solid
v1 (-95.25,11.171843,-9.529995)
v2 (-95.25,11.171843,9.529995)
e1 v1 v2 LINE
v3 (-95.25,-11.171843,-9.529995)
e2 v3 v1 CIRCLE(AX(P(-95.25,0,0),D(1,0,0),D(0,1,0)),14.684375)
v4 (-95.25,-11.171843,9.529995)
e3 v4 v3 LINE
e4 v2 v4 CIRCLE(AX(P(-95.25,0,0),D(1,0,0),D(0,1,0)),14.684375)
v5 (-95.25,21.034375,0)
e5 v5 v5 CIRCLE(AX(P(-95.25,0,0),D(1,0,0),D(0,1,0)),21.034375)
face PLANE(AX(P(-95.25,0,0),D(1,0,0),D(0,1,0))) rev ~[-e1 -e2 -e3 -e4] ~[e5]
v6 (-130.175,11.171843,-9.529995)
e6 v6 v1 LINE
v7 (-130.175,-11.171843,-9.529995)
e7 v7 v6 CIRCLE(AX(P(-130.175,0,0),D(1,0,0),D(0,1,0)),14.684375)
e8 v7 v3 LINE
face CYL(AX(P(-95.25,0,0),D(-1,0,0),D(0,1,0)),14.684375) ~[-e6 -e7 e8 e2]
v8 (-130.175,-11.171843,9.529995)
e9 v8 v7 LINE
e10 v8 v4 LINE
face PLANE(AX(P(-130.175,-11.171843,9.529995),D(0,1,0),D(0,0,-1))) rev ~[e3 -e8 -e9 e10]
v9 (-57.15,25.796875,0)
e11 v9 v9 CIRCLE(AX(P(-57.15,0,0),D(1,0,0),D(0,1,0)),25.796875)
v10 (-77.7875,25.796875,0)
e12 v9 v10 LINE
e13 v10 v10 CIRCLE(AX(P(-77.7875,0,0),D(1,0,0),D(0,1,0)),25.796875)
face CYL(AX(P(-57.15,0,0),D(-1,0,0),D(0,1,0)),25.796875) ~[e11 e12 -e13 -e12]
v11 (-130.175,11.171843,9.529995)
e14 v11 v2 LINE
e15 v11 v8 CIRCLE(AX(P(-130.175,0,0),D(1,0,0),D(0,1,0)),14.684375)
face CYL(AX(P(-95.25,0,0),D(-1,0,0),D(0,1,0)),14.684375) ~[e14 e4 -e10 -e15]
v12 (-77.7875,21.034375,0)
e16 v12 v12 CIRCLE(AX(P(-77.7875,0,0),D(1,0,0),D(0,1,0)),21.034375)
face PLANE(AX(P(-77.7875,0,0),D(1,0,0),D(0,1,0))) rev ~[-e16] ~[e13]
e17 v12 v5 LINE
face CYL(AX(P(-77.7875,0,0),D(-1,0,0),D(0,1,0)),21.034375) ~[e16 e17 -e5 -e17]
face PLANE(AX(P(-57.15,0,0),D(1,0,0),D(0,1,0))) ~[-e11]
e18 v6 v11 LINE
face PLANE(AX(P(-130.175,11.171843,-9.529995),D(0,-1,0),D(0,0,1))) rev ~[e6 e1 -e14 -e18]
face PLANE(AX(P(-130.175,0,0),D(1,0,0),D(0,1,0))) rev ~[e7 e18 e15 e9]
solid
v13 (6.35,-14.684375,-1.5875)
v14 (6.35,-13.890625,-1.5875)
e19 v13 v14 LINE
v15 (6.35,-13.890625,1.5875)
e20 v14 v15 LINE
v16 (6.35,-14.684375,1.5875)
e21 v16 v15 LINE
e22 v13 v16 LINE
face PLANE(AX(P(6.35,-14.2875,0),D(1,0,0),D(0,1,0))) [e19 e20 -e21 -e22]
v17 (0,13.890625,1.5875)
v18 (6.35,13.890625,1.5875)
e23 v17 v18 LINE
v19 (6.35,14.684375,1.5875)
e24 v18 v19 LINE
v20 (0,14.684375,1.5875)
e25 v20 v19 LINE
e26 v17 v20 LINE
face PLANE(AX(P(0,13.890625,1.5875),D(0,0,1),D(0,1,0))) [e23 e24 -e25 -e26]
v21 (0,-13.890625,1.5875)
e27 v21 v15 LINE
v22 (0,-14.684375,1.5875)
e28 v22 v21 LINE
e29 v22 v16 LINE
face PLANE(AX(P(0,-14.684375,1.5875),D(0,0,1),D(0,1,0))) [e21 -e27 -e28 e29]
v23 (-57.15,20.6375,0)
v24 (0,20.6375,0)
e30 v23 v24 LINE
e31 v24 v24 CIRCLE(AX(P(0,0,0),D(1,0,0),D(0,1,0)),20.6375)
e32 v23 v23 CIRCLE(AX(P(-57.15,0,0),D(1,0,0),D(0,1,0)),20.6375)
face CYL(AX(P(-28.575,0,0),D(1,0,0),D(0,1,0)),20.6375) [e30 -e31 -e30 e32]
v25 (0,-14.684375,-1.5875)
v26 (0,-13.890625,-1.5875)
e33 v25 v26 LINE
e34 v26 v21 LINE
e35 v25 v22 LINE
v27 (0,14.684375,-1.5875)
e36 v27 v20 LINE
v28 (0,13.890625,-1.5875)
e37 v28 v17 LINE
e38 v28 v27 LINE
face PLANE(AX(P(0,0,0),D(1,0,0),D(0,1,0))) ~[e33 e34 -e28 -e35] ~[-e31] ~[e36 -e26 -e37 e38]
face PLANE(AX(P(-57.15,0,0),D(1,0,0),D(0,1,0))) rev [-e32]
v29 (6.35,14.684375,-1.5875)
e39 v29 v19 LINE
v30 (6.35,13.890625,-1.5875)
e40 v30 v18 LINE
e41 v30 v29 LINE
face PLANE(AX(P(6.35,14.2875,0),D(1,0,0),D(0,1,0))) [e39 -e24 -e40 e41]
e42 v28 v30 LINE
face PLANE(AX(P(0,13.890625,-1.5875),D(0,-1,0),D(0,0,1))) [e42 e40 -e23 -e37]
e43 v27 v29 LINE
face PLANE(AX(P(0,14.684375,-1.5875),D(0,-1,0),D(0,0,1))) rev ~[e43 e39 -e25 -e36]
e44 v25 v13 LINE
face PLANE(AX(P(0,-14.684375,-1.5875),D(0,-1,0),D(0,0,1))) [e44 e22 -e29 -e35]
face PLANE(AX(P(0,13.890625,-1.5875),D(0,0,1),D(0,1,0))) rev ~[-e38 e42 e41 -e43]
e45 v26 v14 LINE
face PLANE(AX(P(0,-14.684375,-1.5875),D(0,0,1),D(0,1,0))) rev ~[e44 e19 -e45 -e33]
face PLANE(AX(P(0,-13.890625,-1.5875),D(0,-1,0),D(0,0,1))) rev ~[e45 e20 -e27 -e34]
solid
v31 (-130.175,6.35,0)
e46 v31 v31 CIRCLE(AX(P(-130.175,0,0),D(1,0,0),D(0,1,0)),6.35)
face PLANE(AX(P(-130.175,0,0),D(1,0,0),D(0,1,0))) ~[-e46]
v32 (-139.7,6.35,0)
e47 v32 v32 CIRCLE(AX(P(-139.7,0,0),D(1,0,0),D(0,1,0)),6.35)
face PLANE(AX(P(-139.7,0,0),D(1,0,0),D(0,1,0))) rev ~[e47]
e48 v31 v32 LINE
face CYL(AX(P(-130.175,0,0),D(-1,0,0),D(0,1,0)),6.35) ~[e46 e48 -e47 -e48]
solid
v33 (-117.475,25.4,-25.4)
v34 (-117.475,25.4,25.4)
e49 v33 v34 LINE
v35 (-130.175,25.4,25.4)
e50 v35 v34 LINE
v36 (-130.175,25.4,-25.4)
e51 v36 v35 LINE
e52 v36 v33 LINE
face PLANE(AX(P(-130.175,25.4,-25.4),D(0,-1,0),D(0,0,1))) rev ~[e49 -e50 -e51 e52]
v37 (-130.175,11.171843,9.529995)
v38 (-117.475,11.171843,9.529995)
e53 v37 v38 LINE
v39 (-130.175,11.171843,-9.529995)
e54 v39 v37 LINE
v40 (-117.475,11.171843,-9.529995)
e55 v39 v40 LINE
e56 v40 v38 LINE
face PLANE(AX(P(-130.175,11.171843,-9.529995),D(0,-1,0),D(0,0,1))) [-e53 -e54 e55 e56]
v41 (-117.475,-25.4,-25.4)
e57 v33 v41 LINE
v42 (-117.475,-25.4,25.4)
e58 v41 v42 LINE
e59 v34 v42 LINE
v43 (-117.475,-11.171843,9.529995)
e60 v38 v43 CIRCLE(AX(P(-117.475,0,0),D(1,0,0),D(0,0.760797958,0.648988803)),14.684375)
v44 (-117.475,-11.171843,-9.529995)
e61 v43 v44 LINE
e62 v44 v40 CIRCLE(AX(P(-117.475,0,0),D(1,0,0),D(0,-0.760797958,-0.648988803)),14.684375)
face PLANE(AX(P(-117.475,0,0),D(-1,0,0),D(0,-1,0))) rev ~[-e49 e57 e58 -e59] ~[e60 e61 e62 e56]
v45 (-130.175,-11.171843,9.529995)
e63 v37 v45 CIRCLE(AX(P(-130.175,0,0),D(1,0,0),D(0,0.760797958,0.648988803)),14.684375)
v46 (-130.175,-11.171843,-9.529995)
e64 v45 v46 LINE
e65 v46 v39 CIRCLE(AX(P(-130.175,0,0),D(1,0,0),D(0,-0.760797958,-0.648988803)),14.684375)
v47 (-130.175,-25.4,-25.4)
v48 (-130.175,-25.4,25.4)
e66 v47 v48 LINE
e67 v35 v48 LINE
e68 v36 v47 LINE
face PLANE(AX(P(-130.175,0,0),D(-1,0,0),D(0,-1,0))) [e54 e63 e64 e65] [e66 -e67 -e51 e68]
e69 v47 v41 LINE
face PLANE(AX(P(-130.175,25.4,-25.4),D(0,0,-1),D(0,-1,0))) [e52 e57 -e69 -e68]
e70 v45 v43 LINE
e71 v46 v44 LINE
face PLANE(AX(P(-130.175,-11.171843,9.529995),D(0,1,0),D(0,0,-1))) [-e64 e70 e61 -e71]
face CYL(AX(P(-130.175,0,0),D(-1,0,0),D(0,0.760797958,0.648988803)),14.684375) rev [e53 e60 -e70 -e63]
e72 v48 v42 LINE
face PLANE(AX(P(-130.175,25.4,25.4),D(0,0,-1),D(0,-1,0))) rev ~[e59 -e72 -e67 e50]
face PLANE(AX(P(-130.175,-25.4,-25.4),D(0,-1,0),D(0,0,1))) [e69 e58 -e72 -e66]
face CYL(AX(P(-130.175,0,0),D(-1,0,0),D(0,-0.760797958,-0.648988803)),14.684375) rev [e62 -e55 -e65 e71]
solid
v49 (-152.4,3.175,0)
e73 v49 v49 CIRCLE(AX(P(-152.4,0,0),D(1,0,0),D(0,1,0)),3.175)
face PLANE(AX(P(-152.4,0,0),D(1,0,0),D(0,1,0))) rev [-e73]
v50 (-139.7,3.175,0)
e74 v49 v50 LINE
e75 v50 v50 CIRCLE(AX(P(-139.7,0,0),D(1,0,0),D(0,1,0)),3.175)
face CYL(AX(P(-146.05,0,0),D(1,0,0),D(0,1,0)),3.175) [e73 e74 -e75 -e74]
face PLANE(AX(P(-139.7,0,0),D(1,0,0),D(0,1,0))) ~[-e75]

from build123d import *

# Parameters (mm, degrees)
F0_W      = 57.15
F0_H      = 20.6375
F0_W_2    = 12.7
F0_H_2    = 3.175
F6_DEPTH  = 34.925
F7_W      = 0.79375
F7_H      = 3.175
F8_DEPTH  = 6.35
F9_W      = 50.8
F9_H      = 50.8
F10_DEPTH = 12.7


with BuildPart() as f1:
    # F0 (on Top) → F1 (revolve)
    with BuildSketch(Plane.XY):
        Polygon((-130.175, 0), (-57.15, 0), (-57.15, 20.6375), (-57.15, 25.796875), (-77.7875, 25.796875), (-77.7875, 21.034375), (-95.25, 21.034375), (-95.25, 14.684375), (-130.175, 14.684375), (-130.175, 6.35), align=None)
    revolve(axis=Axis((-104.775, 0, 0), (1, 0, 0)))

    # F5 (on face) → F6 (cut, through all)
    with BuildSketch(Plane(origin=(-130.175, 0, 0), x_dir=(0, -1, 0), z_dir=(-1, 0, 0))):
        with BuildLine():
            Line((-11.1718425207, 0), (-14.684375, 0))
            ThreePointArc((-14.684375, 0), (-13.7782871605, -5.0783532826), (-11.1718425207, -9.5299949545))
            Line((-11.1718425207, -9.5299949545), (-11.1718425207, 0))
        make_face()
        with BuildLine():
            ThreePointArc((-11.1718425207, 9.5299949545), (-13.7782871605, 5.0783532826), (-14.684375, 0))
            Line((-14.684375, 0), (-11.1718425207, 0))
            Line((-11.1718425207, 0), (-11.1718425207, 9.5299949545))
        make_face()
        with BuildLine():
            ThreePointArc((14.684375, 0), (13.7782871605, 5.0783532826), (11.1718425207, 9.5299949545))
            Line((11.1718425207, 9.5299949545), (11.1718425207, -9.5299949545))
            ThreePointArc((11.1718425207, -9.5299949545), (13.7782871605, -5.0783532826), (14.684375, 0))
        make_face()
    extrude(amount=-F6_DEPTH, mode=Mode.SUBTRACT)


with BuildPart() as f2:
    # F0 (on Top) → F2 (revolve)
    with BuildSketch(Plane.XY):
        with Locations((-28.575, 10.31875)):
            Rectangle(F0_W, F0_H)
    revolve(axis=Axis((-28.575, 0, 0), (1, 0, 0)))

    # F7 (on face) → F8 (join)
    with BuildSketch(Plane.YZ):
        with Locations((-14.2875, 0)):
            Rectangle(F7_W, F7_H)
        with Locations((14.2875, 0)):
            Rectangle(F7_W, F7_H)
    extrude(amount=F8_DEPTH)


with BuildPart() as f3:
    # F0 (on Top) → F3 (revolve)
    with BuildSketch(Plane.XY):
        Polygon((-139.7, 0), (-130.175, 0), (-130.175, 6.35), (-139.7, 6.35), (-139.7, 3.175), align=None)
    revolve(axis=Axis((-104.775, 0, 0), (1, 0, 0)))


with BuildPart() as f4:
    # F0 (on Top) → F4 (revolve)
    with BuildSketch(Plane.XY):
        with Locations((-146.05, 1.5875)):
            Rectangle(F0_W_2, F0_H_2)
    revolve(axis=Axis((-104.775, 0, 0), (1, 0, 0)))


with BuildPart() as f10:
    # F9 (on face) → F10 (new body)
    with BuildSketch(Plane(origin=(-130.175, 0, 0), x_dir=(0, -1, 0), z_dir=(-1, 0, 0))):
        Rectangle(F9_W, F9_H)
        with BuildLine():
            Line((-11.1718425207, -9.5299949545), (-11.1718425207, 9.5299949545))
            ThreePointArc((-11.1718425207, 9.5299949545), (0, 14.684375), (11.1718425207, 9.5299949545))
            Line((11.1718425207, 9.5299949545), (11.1718425207, -9.5299949545))
            ThreePointArc((11.1718425207, -9.5299949545), (0, -14.684375), (-11.1718425207, -9.5299949545))
        make_face(mode=Mode.SUBTRACT)
    extrude(amount=-F10_DEPTH)


solid = Compound([f1.part, f2.part, f3.part, f4.part, f10.part])
